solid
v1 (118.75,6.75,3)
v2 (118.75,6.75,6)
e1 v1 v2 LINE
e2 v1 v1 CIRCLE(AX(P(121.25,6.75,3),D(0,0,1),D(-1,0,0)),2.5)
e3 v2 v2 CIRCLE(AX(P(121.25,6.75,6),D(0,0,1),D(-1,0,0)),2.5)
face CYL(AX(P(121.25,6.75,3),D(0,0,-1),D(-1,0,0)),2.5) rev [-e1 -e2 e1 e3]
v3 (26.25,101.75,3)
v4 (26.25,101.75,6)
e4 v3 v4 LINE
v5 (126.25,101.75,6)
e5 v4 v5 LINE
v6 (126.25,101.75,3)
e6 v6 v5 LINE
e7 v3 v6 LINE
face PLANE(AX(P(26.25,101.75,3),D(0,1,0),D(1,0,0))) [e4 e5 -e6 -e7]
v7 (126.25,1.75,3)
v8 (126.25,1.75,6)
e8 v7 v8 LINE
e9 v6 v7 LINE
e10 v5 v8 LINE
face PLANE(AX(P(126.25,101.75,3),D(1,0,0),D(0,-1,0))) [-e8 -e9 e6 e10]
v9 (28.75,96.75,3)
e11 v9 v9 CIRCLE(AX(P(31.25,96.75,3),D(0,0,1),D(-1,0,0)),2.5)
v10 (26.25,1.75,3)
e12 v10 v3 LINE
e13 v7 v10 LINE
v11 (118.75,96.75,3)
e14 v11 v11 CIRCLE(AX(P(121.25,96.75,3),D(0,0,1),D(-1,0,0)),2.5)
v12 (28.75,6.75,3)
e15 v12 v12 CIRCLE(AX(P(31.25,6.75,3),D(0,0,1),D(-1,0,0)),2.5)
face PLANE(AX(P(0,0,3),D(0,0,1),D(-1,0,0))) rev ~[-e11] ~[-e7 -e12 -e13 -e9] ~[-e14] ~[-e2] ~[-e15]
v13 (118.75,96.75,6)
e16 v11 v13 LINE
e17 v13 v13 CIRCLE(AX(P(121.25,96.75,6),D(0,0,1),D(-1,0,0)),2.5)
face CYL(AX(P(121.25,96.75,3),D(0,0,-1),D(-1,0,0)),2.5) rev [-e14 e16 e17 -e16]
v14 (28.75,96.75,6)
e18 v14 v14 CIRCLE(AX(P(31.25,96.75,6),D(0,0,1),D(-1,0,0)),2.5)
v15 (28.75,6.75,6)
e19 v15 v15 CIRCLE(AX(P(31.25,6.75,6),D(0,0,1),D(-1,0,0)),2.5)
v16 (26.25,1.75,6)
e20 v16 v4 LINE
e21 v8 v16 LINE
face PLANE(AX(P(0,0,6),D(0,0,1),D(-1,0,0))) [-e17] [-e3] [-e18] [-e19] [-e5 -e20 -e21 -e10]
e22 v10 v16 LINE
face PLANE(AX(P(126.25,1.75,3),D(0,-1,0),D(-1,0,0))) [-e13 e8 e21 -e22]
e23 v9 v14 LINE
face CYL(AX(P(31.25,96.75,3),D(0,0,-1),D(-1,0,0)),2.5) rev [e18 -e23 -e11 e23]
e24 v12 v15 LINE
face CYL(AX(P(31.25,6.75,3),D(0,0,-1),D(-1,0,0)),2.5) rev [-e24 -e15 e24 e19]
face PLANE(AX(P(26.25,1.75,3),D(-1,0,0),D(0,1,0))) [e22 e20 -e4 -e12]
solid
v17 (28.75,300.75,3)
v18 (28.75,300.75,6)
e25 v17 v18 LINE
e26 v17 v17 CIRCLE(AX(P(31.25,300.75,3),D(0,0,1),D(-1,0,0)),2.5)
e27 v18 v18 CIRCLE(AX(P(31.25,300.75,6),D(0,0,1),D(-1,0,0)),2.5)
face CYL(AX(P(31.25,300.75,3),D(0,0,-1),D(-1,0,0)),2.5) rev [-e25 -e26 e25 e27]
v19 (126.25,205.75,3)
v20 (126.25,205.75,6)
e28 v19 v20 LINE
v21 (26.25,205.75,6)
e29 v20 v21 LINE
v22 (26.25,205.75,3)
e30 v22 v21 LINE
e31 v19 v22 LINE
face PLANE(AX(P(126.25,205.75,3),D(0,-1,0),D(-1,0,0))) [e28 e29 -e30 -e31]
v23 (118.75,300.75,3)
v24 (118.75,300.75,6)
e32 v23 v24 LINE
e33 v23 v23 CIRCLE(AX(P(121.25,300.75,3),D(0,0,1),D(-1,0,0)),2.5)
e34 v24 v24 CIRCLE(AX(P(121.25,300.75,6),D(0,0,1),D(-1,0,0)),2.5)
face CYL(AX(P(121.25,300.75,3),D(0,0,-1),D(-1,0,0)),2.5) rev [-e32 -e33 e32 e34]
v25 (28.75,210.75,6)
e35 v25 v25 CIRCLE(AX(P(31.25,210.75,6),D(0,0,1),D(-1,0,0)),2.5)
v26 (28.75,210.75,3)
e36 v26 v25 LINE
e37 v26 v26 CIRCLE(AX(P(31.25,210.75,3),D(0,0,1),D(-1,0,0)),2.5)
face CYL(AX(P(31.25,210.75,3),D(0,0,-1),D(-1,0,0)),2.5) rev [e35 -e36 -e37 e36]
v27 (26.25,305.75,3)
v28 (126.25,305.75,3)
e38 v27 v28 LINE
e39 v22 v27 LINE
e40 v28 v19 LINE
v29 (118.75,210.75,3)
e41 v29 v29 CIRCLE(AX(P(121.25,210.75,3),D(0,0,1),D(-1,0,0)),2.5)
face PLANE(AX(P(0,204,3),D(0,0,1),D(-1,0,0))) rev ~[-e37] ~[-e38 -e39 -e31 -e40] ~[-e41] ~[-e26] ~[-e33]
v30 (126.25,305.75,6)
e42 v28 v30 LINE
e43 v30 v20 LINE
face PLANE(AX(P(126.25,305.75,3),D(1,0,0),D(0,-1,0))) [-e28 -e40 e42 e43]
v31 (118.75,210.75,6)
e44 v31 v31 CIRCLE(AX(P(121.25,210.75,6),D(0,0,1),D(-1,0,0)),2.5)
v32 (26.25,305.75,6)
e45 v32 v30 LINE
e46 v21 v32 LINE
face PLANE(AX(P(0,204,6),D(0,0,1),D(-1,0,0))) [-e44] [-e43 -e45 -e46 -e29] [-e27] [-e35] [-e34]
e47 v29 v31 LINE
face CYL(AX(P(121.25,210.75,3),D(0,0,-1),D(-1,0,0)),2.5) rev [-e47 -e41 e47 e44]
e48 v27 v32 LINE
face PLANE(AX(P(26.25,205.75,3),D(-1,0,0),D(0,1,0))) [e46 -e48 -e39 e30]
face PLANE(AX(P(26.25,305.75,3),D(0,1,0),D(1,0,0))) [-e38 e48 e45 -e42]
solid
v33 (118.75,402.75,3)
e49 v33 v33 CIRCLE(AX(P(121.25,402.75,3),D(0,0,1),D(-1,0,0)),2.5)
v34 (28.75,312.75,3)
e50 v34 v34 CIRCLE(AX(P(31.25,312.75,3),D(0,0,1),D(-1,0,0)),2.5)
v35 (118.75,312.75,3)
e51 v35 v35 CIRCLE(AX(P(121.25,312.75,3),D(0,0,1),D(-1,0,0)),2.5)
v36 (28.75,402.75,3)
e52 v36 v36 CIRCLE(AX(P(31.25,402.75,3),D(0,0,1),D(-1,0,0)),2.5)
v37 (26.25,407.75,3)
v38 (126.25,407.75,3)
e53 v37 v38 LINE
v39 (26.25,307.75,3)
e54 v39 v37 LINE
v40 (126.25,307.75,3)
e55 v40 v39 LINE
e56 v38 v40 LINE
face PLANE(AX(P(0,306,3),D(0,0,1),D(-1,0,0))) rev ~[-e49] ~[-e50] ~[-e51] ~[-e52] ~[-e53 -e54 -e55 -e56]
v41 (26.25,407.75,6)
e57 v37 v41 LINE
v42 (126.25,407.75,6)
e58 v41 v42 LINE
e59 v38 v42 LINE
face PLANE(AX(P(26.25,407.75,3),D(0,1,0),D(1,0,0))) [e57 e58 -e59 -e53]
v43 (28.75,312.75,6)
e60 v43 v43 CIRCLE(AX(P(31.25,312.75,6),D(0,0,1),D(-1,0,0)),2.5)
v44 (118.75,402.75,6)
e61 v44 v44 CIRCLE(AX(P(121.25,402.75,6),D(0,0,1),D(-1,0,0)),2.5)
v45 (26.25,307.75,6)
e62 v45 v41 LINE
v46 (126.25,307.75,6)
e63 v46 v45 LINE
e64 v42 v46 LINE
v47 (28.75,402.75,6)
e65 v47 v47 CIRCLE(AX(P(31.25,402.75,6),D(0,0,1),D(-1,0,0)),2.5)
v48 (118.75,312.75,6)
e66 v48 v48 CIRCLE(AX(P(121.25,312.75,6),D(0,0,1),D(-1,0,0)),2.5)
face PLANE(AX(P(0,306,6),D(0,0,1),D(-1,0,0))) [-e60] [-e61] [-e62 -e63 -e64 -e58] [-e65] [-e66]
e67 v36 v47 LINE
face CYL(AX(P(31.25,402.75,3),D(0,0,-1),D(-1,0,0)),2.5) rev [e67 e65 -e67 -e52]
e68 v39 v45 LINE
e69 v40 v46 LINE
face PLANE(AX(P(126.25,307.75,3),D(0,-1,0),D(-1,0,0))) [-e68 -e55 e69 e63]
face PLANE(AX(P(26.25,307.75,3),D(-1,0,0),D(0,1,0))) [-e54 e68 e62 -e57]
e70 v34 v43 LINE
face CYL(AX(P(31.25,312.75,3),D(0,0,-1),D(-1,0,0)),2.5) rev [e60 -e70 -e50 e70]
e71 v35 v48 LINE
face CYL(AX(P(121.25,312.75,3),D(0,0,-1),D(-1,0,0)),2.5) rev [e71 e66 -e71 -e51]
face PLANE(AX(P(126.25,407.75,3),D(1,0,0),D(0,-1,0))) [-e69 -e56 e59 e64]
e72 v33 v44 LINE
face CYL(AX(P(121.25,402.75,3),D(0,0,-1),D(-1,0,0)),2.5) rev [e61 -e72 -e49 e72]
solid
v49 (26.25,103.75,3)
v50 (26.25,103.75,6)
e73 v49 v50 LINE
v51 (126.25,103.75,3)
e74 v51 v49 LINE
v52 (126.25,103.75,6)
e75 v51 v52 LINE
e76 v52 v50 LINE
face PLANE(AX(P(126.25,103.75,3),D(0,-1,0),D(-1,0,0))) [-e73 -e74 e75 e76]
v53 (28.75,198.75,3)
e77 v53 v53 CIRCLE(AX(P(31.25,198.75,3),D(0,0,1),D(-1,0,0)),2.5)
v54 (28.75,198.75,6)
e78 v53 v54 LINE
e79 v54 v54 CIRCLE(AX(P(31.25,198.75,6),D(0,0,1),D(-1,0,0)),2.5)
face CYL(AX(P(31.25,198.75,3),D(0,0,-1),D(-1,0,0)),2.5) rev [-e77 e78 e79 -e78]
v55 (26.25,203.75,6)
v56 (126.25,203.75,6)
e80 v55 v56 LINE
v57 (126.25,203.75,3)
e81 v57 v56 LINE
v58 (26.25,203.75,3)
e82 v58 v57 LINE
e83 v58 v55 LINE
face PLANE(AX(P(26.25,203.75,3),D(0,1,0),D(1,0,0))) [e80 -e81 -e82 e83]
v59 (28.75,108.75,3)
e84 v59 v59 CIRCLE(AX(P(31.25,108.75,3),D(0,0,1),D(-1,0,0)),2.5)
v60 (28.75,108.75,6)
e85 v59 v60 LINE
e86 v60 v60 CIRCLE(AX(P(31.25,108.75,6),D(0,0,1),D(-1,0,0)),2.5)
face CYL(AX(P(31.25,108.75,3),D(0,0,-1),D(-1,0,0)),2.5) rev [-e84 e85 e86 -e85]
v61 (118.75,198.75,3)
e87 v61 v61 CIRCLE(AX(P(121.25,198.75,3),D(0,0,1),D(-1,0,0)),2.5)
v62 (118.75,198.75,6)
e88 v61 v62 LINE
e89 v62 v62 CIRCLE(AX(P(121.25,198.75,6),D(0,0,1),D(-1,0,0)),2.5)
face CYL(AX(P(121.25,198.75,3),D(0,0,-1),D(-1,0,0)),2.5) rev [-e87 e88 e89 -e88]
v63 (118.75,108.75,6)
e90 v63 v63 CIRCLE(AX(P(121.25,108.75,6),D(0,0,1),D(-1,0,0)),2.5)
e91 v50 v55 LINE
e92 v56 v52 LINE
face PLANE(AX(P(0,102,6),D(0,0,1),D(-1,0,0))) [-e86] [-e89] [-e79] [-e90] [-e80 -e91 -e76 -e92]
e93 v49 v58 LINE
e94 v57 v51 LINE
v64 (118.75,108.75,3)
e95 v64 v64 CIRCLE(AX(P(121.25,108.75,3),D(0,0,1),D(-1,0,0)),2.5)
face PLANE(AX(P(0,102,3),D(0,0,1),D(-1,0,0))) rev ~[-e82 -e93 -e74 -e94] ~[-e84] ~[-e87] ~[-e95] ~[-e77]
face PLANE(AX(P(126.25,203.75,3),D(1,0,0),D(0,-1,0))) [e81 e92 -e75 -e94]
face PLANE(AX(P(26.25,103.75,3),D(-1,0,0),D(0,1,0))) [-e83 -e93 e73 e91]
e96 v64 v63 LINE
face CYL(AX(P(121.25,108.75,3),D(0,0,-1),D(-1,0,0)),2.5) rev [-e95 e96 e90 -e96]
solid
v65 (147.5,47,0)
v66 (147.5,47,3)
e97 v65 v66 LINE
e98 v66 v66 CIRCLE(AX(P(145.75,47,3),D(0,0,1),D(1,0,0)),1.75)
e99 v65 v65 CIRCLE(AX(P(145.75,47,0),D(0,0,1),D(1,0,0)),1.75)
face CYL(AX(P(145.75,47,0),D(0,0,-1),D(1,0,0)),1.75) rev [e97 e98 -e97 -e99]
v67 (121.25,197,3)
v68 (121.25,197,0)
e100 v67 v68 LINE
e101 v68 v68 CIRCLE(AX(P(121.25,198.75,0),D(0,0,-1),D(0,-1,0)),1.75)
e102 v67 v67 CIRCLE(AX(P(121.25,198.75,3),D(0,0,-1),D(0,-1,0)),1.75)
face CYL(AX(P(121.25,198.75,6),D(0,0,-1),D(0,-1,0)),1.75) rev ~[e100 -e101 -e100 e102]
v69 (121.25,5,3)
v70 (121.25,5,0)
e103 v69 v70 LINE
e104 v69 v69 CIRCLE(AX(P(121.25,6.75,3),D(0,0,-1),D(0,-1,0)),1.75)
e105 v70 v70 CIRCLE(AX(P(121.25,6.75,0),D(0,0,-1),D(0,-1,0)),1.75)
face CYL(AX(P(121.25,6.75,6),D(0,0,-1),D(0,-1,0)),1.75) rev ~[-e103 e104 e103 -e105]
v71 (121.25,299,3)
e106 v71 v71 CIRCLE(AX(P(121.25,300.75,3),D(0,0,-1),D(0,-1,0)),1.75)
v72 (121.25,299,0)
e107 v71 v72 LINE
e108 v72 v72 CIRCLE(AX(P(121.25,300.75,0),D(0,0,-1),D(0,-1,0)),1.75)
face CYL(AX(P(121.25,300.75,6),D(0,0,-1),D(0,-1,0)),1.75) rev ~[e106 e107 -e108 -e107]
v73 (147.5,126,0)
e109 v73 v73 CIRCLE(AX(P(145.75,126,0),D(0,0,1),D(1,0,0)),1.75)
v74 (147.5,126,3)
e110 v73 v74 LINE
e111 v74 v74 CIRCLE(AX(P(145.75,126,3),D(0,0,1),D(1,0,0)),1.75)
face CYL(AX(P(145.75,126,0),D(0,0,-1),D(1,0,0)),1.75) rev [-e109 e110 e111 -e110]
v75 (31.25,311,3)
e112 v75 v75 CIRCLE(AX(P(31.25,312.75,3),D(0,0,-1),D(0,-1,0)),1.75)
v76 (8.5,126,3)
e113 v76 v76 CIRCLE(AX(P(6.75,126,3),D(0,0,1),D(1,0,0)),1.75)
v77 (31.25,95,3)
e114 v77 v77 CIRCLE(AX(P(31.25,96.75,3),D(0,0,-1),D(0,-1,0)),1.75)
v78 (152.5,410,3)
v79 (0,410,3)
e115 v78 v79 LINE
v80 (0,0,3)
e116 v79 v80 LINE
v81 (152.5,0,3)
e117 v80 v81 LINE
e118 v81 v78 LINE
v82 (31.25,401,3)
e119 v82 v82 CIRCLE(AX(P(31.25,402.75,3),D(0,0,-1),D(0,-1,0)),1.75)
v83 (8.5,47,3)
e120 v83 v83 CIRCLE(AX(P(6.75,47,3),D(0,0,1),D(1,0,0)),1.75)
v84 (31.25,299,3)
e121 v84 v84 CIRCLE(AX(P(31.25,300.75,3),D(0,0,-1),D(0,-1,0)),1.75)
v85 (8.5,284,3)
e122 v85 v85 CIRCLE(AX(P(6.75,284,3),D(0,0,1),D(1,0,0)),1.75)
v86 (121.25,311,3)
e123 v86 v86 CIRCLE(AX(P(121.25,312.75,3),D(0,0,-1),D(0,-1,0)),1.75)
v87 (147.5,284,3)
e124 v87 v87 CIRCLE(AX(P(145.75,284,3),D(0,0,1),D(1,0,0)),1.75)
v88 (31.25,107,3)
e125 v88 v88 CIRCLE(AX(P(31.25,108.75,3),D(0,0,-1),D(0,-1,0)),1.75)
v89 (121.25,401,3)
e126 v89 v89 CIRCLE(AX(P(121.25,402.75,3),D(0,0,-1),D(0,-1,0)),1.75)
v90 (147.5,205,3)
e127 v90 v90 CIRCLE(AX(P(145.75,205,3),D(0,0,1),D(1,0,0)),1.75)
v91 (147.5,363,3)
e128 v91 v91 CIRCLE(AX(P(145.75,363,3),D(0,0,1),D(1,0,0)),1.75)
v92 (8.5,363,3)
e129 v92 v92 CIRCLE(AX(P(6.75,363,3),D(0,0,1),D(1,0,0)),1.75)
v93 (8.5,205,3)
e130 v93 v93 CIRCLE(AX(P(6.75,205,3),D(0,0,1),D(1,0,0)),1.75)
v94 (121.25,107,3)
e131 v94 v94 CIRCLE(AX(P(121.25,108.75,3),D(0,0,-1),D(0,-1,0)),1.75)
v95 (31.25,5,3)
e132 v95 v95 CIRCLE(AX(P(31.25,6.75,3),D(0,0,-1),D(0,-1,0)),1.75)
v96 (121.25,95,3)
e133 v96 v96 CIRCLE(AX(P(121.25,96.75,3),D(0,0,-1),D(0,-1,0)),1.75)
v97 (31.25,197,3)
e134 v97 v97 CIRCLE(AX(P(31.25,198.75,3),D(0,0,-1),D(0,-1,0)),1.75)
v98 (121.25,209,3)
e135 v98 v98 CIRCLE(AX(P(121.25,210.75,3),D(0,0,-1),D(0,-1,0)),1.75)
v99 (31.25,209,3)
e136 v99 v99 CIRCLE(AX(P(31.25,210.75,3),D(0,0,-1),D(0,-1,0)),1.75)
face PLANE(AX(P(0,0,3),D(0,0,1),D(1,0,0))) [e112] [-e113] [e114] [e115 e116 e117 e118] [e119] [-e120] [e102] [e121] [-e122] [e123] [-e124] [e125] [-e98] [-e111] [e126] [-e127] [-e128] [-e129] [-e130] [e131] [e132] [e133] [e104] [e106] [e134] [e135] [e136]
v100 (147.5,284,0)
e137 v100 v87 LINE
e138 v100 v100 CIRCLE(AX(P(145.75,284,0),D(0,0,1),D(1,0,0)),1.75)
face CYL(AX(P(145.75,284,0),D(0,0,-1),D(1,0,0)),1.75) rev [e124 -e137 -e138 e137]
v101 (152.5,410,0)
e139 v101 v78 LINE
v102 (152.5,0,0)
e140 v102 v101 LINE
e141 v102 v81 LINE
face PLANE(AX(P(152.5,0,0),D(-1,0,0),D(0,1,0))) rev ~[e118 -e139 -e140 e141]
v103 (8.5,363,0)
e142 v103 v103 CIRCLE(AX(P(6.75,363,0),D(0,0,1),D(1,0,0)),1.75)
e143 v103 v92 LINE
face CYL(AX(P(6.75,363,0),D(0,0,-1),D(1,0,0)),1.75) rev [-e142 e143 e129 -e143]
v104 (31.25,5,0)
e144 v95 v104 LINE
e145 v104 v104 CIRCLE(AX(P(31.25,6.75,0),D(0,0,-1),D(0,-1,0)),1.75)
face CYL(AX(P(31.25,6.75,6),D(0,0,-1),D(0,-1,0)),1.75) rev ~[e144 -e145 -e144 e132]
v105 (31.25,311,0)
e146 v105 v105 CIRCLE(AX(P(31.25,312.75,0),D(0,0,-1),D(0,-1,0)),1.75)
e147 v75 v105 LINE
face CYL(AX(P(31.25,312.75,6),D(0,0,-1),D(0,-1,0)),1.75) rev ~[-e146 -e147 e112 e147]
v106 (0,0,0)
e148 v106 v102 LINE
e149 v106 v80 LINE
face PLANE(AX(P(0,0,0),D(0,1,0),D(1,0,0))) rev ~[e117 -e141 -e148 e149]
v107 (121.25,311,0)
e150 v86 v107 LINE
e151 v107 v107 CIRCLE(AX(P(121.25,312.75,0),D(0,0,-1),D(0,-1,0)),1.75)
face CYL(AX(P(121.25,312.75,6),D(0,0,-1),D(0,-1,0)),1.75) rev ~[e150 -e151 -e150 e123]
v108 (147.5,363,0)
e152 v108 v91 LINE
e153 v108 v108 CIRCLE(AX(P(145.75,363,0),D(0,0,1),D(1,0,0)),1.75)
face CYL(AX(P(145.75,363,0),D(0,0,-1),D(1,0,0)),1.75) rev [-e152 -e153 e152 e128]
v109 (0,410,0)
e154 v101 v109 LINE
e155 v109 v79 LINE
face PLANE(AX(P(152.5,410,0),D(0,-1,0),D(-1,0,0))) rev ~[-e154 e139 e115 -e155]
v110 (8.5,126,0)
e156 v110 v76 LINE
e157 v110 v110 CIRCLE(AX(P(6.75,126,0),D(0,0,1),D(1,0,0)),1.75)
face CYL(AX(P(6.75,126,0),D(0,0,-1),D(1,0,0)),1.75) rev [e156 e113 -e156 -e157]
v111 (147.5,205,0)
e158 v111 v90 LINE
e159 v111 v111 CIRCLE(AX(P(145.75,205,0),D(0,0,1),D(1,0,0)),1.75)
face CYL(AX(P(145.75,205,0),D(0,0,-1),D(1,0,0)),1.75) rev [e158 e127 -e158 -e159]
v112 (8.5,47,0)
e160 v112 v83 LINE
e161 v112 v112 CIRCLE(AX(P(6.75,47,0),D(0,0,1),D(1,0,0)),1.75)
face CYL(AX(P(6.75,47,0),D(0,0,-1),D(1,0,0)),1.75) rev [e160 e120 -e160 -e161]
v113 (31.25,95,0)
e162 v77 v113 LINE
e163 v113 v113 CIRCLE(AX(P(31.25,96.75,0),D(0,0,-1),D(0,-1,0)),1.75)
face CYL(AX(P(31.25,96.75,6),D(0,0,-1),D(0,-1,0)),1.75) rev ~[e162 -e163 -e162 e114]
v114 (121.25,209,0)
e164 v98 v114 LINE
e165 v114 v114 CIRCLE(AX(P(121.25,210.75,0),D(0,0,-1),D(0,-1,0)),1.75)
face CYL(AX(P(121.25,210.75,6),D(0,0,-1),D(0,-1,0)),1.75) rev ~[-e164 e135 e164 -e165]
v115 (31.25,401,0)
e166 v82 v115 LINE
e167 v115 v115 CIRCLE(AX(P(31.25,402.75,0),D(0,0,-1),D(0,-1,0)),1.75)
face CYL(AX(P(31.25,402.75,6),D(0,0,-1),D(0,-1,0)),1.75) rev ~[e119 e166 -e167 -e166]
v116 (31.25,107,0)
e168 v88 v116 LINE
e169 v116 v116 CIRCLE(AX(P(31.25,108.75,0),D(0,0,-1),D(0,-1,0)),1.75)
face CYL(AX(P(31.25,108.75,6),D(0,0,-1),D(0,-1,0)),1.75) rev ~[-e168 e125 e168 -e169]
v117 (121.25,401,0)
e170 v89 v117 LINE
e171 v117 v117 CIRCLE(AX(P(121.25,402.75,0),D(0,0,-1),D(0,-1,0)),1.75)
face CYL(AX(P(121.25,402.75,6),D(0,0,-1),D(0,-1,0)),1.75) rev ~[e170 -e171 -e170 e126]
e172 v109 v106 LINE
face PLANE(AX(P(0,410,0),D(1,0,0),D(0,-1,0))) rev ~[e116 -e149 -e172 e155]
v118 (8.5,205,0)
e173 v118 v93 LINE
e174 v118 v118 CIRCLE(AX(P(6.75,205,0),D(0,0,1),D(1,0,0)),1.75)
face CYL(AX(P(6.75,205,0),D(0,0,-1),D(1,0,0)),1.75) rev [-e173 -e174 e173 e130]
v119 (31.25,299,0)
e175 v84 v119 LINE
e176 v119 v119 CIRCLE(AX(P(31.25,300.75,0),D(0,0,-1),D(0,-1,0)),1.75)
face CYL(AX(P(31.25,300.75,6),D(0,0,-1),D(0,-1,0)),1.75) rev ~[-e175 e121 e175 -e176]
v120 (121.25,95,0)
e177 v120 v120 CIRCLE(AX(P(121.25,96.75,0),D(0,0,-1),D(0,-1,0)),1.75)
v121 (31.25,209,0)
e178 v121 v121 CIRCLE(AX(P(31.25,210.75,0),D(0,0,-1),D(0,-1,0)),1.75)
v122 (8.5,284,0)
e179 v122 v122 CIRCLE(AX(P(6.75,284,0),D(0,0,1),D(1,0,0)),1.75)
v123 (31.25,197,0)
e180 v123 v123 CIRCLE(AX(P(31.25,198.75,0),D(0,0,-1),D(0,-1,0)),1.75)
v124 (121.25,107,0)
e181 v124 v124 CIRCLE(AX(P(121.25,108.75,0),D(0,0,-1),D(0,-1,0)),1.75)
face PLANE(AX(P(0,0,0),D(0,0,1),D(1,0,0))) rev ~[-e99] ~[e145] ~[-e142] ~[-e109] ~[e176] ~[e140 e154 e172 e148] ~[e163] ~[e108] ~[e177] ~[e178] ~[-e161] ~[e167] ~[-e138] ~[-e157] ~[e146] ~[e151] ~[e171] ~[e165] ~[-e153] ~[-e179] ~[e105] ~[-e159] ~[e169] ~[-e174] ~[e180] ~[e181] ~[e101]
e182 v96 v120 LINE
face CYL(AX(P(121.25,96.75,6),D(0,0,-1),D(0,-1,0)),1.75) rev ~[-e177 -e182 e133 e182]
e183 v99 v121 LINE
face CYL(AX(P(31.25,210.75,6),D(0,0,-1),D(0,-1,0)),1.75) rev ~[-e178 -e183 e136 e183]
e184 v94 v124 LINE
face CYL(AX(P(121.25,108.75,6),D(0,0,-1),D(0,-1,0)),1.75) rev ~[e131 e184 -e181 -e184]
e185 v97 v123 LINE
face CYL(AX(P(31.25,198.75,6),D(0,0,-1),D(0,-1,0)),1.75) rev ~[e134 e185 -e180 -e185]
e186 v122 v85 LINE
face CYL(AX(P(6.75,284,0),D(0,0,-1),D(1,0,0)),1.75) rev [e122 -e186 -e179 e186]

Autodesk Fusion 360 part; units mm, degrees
sketch "Esquisse1" plane through (0, 0, 0) normal (0, 0, 1) x (1, 0, 0)
  line L0 (0, 0) -> (152.5, 0)
  line L1 (152.5, 0) -> (152.5, 410)
  line L2 (152.5, 410) -> (0, 410)
  line L3 (0, 410) -> (0, 0)
  circle A0 centre (6.75, 47) radius 1.75
  line L4 (6.75, 47) -> (0, 47) construction
  line L5 (6.75, 47) -> (6.75, 0) construction
  circle A1 centre (145.75, 47) radius 1.75
  circle A2 centre (6.75, 126) radius 1.75
  circle A3 centre (145.75, 126) radius 1.75
  circle A4 centre (6.75, 205) radius 1.75
  circle A5 centre (145.75, 205) radius 1.75
  circle A6 centre (6.75, 284) radius 1.75
  circle A7 centre (145.75, 284) radius 1.75
  circle A8 centre (6.75, 363) radius 1.75
  circle A9 centre (145.75, 363) radius 1.75
  line L6 (145.75, 47) -> (152.5, 47) construction
  line L7 (6.75, 363) -> (6.75, 410) construction
  dimension "d2" = 6.75
  dimension "d3" = 3.5
  dimension "d33" = 139
  dimension "d34" = 316
  dimension "d40" = 410
extrude "Extrusion1" add sketch "Esquisse1" along normal blind 3 makes body 1
sketch "Esquisse2" plane through (0, 0, 3) normal (0, 0, 1) x (-1, 0, 0)
  circle A0 centre (-6.75, -47) radius 1.75
  line L0 (0, -410) -> (0, 0)
  line L1 (0, 0) -> (-152.5, 0)
  line L2 (-152.5, 0) -> (-152.5, -410)
  line L3 (-152.5, -410) -> (0, -410)
  line L4 (-26.25, -101.75) -> (-126.25, -101.75)
  line L5 (-126.25, -101.75) -> (-126.25, -1.75)
  line L6 (-126.25, -1.75) -> (-26.25, -1.75)
  line L7 (-26.25, -1.75) -> (-26.25, -101.75)
  line L8 (0, -67.3009) -> (-26.25, -67.3009) construction
  line L9 (-126.25, -67.3009) -> (-152.5, -67.3009) construction
  circle A1 centre (-145.75, -205) radius 1.75
  circle A2 centre (-6.75, -126) radius 1.75
  circle A3 centre (-6.75, -205) radius 1.75
  circle A4 centre (-145.75, -363) radius 1.75
  circle A5 centre (-6.75, -363) radius 1.75
  circle A6 centre (-145.75, -126) radius 1.75
  circle A7 centre (-6.75, -284) radius 1.75
  circle A8 centre (-145.75, -47) radius 1.75
  circle A9 centre (-145.75, -284) radius 1.75
  line L10 (-26.25, -101.75) -> (-126.25, -1.75) construction
  line L11 (-126.25, -101.75) -> (-26.25, -1.75) construction
  line L12 (-31.25, -96.75) -> (-121.25, -96.75) construction
  line L13 (-121.25, -96.75) -> (-121.25, -6.75) construction
  line L14 (-121.25, -6.75) -> (-31.25, -6.75) construction
  circle A10 centre (-31.25, -96.75) radius 2.5
  circle A11 centre (-121.25, -96.75) radius 2.5
  circle A12 centre (-121.25, -6.75) radius 2.5
  circle A13 centre (-31.25, -6.75) radius 2.5
  dimension "d27" = 100
  dimension "d28" = 100
  dimension "d42" = 90
  dimension "d43" = 5
extrude "Extrusion2" add sketch "Esquisse2" along normal blind 3 separate body contours L4 L5 L6 L7 makes body 2
pattern_linear "Réseau R1" count 1 spacing 0 along (1, 0, 0) count 4 spacing 102 along (0, 1, 0) of bodies 2 makes body 3 at (61.8609, 139.3168, 3) makes body 4 at (61.8609, 241.3168, 3) makes body 5 at (90.6391, 343.3168, 3)
hole "Perçage1" at (31.25, 6.75, 6) direction (0, 0, -1) diameter 3.5 depth 20 tip angle 180 bodies 1
hole "Perçage2" at (31.25, 96.75, 6) direction (0, 0, -1) diameter 3.5 depth 20 tip angle 180 bodies 1
pattern_linear "Réseau R2" count 4 spacing 102 along (0, 1, 0) count 2 spacing 90 along (1, 0, 0) of "Perçage1", "Perçage2"
equation "d2 = 5 mm + d3 / 2"
equation "d34 = ( 79 * 4 ) * 1 mm"
